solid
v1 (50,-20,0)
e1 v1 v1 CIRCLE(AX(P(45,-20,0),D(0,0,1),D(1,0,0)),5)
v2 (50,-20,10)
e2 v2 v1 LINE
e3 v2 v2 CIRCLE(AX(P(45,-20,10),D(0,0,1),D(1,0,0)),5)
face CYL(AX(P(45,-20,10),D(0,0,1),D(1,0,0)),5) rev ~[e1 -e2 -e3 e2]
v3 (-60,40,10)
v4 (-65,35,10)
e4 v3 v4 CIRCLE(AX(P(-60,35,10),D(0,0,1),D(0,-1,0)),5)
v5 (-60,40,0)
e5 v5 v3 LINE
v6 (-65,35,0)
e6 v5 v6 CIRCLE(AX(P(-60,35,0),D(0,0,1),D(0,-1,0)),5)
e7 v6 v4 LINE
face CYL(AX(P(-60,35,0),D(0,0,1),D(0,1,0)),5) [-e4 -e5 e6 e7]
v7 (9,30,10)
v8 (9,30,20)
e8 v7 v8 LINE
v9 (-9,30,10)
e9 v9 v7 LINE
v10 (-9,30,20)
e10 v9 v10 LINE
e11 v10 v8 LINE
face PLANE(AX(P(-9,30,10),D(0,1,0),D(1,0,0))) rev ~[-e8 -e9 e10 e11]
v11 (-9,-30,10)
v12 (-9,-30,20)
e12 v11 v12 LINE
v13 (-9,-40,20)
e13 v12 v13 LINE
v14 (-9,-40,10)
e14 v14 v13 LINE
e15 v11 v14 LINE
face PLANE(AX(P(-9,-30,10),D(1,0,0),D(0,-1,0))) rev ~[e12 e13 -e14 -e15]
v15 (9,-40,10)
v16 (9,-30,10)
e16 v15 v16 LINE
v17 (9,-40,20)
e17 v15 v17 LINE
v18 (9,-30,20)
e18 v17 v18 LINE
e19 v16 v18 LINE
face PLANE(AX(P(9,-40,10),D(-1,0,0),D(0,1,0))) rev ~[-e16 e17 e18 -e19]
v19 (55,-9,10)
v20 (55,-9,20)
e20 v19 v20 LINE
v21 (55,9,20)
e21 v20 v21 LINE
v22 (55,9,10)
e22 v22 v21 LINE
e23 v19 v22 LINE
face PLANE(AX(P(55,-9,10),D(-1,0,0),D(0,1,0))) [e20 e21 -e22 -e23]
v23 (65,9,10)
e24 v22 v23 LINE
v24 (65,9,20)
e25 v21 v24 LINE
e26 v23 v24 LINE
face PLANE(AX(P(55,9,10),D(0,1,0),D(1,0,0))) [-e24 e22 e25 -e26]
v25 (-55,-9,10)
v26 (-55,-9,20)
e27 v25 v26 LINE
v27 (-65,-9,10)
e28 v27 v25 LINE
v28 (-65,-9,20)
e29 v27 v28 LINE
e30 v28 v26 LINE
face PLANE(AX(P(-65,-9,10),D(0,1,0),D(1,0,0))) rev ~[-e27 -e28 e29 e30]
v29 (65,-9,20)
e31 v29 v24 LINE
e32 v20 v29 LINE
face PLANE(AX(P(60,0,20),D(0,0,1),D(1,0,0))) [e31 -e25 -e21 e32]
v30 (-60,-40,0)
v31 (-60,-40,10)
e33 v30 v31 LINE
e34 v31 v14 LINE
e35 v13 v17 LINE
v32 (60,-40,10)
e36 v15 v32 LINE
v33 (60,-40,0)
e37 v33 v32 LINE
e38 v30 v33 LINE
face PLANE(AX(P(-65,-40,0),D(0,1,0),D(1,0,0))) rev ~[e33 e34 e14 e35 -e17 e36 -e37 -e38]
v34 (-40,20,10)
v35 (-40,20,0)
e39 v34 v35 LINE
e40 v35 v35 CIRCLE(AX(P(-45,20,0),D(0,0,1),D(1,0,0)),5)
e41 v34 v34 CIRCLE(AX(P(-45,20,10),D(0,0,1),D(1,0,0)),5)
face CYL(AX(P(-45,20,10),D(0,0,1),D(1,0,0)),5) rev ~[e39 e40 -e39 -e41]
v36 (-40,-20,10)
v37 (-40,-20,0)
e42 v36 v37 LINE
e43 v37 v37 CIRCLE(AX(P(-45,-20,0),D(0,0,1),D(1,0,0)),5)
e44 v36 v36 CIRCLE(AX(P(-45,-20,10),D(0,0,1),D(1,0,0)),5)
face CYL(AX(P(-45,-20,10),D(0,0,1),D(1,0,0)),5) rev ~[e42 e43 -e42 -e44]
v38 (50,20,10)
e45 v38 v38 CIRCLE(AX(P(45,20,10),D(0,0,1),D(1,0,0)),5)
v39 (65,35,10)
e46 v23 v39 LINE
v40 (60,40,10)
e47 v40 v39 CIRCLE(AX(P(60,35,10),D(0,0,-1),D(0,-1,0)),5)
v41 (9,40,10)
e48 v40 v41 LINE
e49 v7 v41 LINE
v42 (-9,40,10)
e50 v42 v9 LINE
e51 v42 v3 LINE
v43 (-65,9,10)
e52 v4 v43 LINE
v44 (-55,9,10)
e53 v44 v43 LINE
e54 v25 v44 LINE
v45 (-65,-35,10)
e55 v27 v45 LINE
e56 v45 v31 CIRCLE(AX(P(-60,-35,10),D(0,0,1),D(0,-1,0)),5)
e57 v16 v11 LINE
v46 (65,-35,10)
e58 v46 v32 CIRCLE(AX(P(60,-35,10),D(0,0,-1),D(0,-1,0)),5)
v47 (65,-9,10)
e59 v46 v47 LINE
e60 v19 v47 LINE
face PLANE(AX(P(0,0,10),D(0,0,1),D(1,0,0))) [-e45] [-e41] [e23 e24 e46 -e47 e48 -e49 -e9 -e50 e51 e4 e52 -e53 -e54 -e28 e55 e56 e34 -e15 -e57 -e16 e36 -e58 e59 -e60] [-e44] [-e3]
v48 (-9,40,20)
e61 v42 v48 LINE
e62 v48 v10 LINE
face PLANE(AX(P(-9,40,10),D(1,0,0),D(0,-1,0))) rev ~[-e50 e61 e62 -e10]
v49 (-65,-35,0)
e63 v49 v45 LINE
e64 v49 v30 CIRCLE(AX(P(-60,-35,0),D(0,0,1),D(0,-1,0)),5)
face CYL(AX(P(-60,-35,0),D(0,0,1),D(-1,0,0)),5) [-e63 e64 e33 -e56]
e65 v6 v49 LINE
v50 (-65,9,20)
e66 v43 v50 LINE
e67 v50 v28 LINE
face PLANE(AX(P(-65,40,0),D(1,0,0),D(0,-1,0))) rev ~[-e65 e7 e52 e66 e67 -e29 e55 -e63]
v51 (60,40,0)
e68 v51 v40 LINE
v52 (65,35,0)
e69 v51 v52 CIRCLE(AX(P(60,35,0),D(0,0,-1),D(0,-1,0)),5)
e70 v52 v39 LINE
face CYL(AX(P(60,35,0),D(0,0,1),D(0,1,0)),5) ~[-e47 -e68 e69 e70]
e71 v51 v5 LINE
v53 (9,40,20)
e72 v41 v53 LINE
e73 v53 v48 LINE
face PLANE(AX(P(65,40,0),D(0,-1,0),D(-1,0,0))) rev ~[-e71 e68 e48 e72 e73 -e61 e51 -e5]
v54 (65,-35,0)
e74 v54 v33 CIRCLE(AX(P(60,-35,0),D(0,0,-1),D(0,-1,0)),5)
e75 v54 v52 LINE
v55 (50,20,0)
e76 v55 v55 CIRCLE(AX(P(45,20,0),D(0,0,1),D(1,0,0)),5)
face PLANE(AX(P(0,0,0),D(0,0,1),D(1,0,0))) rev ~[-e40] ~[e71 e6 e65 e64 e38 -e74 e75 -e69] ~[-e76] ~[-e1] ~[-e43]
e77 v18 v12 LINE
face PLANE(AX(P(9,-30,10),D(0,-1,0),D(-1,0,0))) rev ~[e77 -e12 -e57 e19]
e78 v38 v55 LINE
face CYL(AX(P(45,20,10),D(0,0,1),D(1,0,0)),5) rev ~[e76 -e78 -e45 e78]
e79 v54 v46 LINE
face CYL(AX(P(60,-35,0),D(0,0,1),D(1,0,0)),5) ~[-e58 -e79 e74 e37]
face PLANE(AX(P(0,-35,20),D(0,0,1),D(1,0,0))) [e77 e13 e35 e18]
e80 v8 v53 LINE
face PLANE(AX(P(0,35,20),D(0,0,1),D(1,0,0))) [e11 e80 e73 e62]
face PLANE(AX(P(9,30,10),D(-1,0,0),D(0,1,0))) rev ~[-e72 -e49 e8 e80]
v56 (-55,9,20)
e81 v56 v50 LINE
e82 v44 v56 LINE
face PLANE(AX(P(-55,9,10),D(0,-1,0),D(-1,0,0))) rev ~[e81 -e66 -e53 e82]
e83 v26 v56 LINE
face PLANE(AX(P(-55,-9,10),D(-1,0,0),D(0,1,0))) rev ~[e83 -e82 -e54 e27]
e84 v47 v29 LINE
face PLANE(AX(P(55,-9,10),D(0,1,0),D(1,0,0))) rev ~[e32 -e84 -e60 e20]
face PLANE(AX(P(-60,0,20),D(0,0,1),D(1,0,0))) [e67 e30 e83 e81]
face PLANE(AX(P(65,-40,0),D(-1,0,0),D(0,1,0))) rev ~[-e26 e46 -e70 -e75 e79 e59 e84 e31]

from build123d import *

# Parameters (mm, degrees)
F1_DEPTH = 10
F2_W     = 10
F2_H     = 18
F3_DEPTH = 10
F4_R     = 5
F5_DEPTH = 10.001
F6_DEPTH = 10.001
F7_R     = 5


with BuildPart() as f1:
    # F0 (on Top) → F1 (new body)
    with BuildSketch(Plane.XY):
        Polygon((65, 40), (0, 40), (-65, 40), (-65, -40), (0, -40), (65, -40), align=None)
    extrude(amount=F1_DEPTH)

    # F2 (on face) → F3 (join)
    with BuildSketch(Plane.XY.offset(10)):
        Polygon((-9, 30), (0, 30), (9, 30), (9, 40), (-9, 40), align=None)
        with Locations((60, 0)):
            Rectangle(F2_W, F2_H)
        Polygon((-55, 9), (-65, 9), (-65, 0), (-65, -9), (-55, -9), align=None)
        Polygon((-9, -40), (9, -40), (9, -30), (0, -30), (-9, -30), align=None)
    extrude(amount=F3_DEPTH)

    # F4 (on face) → F5 (cut, through all)
    with BuildSketch(Plane.XY.offset(10)):
        with Locations((-45, -20)):
            Circle(F4_R)
        with Locations((45, -20)):
            Circle(F4_R)
        with Locations((45, 20)):
            Circle(F4_R)
        with Locations((-45, 20)):
            Circle(F4_R)
    extrude(amount=-F5_DEPTH, mode=Mode.SUBTRACT)

    # F4 (on face) → F6 (cut, through all)
    with BuildSketch(Plane.XY.offset(10)):
        with Locations((-45, -20)):
            Circle(F4_R)
        with Locations((45, -20)):
            Circle(F4_R)
        with Locations((45, 20)):
            Circle(F4_R)
        with Locations((-45, 20)):
            Circle(F4_R)
    extrude(amount=-F6_DEPTH, mode=Mode.SUBTRACT)

    # F7
    f7_edges = [f1.edges().sort_by_distance(p)[0] for p in [
        (-65, -40, 5),
        (65, -40, 5),
        (65, 40, 5),
        (-65, 40, 5),
    ]]
    fillet(f7_edges, radius=F7_R)


solid = f1.part
